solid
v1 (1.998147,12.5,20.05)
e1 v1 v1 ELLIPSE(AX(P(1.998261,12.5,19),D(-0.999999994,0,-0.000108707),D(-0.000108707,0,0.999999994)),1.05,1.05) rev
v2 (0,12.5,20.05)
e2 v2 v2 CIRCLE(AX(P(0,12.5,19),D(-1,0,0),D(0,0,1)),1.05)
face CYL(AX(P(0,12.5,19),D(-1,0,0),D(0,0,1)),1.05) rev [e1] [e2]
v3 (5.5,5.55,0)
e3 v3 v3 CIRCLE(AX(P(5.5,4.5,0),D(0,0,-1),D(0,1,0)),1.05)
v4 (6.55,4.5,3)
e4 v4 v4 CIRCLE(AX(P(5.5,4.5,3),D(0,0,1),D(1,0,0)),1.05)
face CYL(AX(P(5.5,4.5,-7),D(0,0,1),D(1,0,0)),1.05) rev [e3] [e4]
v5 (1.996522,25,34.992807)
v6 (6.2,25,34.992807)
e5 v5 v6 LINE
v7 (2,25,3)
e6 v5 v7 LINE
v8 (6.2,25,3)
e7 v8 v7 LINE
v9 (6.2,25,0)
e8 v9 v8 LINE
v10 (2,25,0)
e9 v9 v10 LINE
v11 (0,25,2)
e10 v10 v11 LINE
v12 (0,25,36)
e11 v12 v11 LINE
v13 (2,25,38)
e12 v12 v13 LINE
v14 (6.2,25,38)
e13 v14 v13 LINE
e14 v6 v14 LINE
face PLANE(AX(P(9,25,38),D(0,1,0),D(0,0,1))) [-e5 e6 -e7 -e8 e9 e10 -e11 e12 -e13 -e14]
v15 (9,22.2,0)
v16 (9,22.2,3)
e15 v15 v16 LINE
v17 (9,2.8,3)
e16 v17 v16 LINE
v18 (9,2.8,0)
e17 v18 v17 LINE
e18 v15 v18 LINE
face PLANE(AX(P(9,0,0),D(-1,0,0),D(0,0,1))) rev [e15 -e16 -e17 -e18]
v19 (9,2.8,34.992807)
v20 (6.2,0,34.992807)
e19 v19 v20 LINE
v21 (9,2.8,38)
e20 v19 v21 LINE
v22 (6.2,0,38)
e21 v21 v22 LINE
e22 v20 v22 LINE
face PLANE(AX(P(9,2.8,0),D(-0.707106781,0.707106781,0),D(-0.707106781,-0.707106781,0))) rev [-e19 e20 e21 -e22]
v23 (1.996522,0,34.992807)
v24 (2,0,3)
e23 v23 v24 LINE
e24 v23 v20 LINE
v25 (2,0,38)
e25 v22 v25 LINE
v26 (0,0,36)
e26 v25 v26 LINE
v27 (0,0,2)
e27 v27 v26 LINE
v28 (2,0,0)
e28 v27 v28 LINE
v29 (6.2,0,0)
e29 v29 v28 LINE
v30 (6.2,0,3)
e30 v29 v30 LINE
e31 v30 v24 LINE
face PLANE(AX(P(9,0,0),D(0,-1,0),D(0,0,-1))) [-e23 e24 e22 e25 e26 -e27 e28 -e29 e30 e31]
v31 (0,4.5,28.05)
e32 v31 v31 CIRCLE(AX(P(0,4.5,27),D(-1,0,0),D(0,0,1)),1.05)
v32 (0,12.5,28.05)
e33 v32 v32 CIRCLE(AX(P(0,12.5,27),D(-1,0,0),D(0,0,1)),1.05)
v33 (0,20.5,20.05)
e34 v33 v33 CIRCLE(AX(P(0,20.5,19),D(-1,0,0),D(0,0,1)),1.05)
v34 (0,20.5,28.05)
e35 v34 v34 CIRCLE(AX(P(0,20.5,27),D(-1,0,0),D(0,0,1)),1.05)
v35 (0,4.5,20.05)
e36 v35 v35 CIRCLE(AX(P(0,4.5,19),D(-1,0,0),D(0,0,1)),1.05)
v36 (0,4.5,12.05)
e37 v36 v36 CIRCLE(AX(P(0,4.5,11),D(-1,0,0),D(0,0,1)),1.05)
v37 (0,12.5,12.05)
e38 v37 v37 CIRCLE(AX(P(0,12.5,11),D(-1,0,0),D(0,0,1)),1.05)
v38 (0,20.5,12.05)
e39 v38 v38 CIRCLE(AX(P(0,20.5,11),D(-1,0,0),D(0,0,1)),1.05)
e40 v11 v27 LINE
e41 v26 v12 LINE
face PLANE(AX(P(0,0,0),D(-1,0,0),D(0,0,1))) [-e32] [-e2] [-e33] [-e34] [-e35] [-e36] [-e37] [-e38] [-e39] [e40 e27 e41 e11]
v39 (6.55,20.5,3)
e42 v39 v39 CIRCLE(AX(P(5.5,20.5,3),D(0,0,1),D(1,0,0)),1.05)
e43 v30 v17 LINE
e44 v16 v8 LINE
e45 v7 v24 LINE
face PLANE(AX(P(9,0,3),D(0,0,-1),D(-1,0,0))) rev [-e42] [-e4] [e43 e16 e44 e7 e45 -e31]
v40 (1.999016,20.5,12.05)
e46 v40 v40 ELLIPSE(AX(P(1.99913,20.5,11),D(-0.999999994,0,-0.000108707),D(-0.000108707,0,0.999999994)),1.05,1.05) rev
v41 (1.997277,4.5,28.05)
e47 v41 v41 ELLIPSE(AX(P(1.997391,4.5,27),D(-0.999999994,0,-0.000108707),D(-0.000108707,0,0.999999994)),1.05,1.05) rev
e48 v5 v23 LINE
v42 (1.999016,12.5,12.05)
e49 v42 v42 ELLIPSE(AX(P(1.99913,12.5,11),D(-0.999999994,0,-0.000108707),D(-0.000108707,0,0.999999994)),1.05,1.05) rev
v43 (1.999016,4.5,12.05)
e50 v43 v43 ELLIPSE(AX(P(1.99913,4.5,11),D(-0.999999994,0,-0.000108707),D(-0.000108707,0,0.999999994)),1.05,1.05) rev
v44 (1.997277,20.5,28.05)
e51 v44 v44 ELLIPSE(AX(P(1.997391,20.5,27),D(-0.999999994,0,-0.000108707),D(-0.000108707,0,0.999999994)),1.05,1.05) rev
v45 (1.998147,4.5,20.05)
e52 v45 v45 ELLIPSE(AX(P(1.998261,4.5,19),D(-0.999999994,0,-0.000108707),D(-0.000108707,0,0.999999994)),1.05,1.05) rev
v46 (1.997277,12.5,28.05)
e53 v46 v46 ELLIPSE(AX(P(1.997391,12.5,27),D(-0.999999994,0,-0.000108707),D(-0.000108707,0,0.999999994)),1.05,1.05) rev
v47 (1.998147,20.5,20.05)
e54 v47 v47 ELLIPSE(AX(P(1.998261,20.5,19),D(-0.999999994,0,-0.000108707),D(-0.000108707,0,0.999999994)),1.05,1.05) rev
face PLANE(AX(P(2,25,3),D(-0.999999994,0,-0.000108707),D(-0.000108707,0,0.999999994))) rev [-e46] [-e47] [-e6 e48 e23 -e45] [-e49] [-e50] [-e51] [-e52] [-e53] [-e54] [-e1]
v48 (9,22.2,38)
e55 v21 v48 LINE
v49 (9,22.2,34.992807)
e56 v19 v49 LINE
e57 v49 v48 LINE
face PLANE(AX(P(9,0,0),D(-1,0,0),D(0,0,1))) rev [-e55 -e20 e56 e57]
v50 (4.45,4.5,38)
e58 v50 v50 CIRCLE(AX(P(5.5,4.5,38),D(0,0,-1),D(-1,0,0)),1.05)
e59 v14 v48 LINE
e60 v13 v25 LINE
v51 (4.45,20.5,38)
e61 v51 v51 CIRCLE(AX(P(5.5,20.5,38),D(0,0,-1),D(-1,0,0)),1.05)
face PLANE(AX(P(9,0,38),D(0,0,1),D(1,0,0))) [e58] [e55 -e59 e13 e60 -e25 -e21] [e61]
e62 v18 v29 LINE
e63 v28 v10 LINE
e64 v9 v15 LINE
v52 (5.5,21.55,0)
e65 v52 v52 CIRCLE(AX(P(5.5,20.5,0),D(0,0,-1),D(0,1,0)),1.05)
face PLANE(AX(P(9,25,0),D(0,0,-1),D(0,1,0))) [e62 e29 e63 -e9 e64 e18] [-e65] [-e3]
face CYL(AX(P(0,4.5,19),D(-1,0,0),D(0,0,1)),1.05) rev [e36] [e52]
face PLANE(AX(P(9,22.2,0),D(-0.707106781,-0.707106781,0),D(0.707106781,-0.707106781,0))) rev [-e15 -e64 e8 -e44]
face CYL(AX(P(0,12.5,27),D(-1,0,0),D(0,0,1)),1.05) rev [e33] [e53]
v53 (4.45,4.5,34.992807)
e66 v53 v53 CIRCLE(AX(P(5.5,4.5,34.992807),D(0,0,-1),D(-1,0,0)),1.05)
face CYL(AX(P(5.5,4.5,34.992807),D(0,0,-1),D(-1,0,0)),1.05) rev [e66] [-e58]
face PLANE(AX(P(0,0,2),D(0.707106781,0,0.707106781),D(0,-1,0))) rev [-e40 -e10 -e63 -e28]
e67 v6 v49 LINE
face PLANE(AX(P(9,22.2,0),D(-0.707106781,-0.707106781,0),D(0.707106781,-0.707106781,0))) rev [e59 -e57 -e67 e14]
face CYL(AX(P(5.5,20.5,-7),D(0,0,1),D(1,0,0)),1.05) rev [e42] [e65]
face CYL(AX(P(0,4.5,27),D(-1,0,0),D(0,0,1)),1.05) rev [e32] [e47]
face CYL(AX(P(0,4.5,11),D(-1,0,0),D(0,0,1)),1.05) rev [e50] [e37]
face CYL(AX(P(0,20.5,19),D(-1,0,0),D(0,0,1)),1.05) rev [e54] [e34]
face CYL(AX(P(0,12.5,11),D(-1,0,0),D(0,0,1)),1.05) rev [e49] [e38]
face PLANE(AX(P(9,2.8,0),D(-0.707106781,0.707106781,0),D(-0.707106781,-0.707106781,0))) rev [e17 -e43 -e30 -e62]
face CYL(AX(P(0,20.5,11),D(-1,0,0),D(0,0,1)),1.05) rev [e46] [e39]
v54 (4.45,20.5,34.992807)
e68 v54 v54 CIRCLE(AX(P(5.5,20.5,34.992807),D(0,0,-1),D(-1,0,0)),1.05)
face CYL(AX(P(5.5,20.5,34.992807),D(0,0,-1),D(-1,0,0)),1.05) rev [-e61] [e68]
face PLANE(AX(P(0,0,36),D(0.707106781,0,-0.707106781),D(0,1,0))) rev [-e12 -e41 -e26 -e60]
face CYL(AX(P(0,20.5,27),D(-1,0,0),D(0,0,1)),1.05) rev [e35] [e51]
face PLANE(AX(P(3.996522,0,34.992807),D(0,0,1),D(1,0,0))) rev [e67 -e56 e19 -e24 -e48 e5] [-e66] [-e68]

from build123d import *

# Parameters (mm, degrees)
SKETCH_1_W                  = 25
SKETCH_1_H                  = 38
EXTRUDE_1_DEPTH             = 9
CUT_EXTRUDE_1_DEPTH         = 47.368092477
HOLE_WIZARD_2_1_2_1_1_D     = 2.1
HOLE_WIZARD_2_1_2_1_1_DEPTH = 9
HOLE_WIZARD_2_1_2_1_2_D     = 2.1
HOLE_WIZARD_2_1_2_1_2_DEPTH = 9
HOLE_WIZARD_2_1_2_1_3_D     = 2.1
HOLE_WIZARD_2_1_2_1_3_DEPTH = 9
HOLE_WIZARD_2_1_2_1_4_D     = 2.1
HOLE_WIZARD_2_1_2_1_4_DEPTH = 3.007193387
CHAMFER_1_SIZE              = 2
SKETCH_12_R                 = 1.05
CUT_EXTRUDE_2_DEPTH         = 10
SKETCH_15_R                 = 1.05
CUT_EXTRUDE_3_DEPTH         = 10
CUT_EXTRUDE_4_DEPTH         = 47.368092478
CUT_EXTRUDE_5_DEPTH         = 47.368092477
CUT_EXTRUDE_5_DEPTH_BACK    = 47.368092477


with BuildPart() as part:
    # 草图1 → 凸台-拉伸1 (new body)
    with BuildSketch(Plane(origin=(0, 0, 0), x_dir=(0, -1, 0), z_dir=(-1, 0, 0))):
        with Locations((-12.5, 19)):
            Rectangle(SKETCH_1_W, SKETCH_1_H)
    extrude(amount=-EXTRUDE_1_DEPTH)

    # 草图2 → 切除-拉伸1 (cut, through all)
    with BuildSketch(Plane(origin=(0, 25, 0), x_dir=(-1, 0, 0), z_dir=(0, 1, 0))):
        Polygon((-9, 3), (-4, 3), (-3.996522166, 5.080336705), (-3.996522166, 33.000000217), (-3.996522166, 34.992806613), (-9, 34.992806613), align=None)
    extrude(amount=-CUT_EXTRUDE_1_DEPTH, mode=Mode.SUBTRACT)

    # Ø2.1 (2.1) 直径孔1
    with Locations(Plane.ZY):
        with Locations((11, 4.5)):
            Hole(HOLE_WIZARD_2_1_2_1_1_D / 2, depth=HOLE_WIZARD_2_1_2_1_1_DEPTH)

    # Ø2.1 (2.1) 直径孔2
    with Locations(Plane.ZY):
        with Locations((19, 4.5)):
            Hole(HOLE_WIZARD_2_1_2_1_2_D / 2, depth=HOLE_WIZARD_2_1_2_1_2_DEPTH)

    # Ø2.1 (2.1) 直径孔3
    with Locations(Plane.ZY):
        with Locations((27, 4.5), (27, 12.5), (27, 20.5), (11, 12.5), (11, 20.5), (19, 20.5), (19, 12.5)):
            Hole(HOLE_WIZARD_2_1_2_1_3_D / 2, depth=HOLE_WIZARD_2_1_2_1_3_DEPTH)

    # Ø2.1 (2.1) 直径孔4
    with Locations(Plane(origin=(0, 0, 34.992806613), x_dir=(-1, 0, 0), z_dir=(0, 0, -1))):
        with Locations((-5.5, 4.5), (-5.5, 20.5)):
            Hole(HOLE_WIZARD_2_1_2_1_4_D / 2, depth=HOLE_WIZARD_2_1_2_1_4_DEPTH)

    # 倒角1
    chamfer_1_edges = [part.edges().sort_by_distance(p)[0] for p in [
        (0, 12.5, 0),
        (0, 12.5, 38),
    ]]
    chamfer(chamfer_1_edges, length=CHAMFER_1_SIZE)

    # 草图12 → 切除-拉伸2 (cut)
    with BuildSketch(Plane.XY.offset(3)):
        with Locations(Location((5.5, 4.5, 0), (0, 0, 180))):
            Circle(SKETCH_12_R)
    extrude(amount=-CUT_EXTRUDE_2_DEPTH, mode=Mode.SUBTRACT)

    # 草图15 → 切除-拉伸3 (cut)
    with BuildSketch(Plane.XY.offset(3)):
        with Locations(Location((5.5, 20.5, 0), (0, 0, 180))):
            Circle(SKETCH_15_R)
    extrude(amount=-CUT_EXTRUDE_3_DEPTH, mode=Mode.SUBTRACT)

    # 草图16 → 切除-拉伸4 (cut, through all)
    with BuildSketch(Plane.XZ):
        Polygon((3.996522166, 34.992806613), (1.996522166, 34.992806613), (2, 3), (4, 3), align=None)
    extrude(amount=-CUT_EXTRUDE_4_DEPTH, mode=Mode.SUBTRACT)

    # 草图17 → 切除-拉伸5 (cut, two sides: drawn at the far end of the back side and taken through both)
    with BuildSketch(Plane.XY.offset(38).offset(-CUT_EXTRUDE_5_DEPTH_BACK)):
        Polygon((9, 22.2), (6.2, 25), (9, 25), align=None)
        Polygon((9, 0), (9, 2.8), (6.2, 0), align=None)
    extrude(amount=CUT_EXTRUDE_5_DEPTH + CUT_EXTRUDE_5_DEPTH_BACK, mode=Mode.SUBTRACT)


solid = part.part
